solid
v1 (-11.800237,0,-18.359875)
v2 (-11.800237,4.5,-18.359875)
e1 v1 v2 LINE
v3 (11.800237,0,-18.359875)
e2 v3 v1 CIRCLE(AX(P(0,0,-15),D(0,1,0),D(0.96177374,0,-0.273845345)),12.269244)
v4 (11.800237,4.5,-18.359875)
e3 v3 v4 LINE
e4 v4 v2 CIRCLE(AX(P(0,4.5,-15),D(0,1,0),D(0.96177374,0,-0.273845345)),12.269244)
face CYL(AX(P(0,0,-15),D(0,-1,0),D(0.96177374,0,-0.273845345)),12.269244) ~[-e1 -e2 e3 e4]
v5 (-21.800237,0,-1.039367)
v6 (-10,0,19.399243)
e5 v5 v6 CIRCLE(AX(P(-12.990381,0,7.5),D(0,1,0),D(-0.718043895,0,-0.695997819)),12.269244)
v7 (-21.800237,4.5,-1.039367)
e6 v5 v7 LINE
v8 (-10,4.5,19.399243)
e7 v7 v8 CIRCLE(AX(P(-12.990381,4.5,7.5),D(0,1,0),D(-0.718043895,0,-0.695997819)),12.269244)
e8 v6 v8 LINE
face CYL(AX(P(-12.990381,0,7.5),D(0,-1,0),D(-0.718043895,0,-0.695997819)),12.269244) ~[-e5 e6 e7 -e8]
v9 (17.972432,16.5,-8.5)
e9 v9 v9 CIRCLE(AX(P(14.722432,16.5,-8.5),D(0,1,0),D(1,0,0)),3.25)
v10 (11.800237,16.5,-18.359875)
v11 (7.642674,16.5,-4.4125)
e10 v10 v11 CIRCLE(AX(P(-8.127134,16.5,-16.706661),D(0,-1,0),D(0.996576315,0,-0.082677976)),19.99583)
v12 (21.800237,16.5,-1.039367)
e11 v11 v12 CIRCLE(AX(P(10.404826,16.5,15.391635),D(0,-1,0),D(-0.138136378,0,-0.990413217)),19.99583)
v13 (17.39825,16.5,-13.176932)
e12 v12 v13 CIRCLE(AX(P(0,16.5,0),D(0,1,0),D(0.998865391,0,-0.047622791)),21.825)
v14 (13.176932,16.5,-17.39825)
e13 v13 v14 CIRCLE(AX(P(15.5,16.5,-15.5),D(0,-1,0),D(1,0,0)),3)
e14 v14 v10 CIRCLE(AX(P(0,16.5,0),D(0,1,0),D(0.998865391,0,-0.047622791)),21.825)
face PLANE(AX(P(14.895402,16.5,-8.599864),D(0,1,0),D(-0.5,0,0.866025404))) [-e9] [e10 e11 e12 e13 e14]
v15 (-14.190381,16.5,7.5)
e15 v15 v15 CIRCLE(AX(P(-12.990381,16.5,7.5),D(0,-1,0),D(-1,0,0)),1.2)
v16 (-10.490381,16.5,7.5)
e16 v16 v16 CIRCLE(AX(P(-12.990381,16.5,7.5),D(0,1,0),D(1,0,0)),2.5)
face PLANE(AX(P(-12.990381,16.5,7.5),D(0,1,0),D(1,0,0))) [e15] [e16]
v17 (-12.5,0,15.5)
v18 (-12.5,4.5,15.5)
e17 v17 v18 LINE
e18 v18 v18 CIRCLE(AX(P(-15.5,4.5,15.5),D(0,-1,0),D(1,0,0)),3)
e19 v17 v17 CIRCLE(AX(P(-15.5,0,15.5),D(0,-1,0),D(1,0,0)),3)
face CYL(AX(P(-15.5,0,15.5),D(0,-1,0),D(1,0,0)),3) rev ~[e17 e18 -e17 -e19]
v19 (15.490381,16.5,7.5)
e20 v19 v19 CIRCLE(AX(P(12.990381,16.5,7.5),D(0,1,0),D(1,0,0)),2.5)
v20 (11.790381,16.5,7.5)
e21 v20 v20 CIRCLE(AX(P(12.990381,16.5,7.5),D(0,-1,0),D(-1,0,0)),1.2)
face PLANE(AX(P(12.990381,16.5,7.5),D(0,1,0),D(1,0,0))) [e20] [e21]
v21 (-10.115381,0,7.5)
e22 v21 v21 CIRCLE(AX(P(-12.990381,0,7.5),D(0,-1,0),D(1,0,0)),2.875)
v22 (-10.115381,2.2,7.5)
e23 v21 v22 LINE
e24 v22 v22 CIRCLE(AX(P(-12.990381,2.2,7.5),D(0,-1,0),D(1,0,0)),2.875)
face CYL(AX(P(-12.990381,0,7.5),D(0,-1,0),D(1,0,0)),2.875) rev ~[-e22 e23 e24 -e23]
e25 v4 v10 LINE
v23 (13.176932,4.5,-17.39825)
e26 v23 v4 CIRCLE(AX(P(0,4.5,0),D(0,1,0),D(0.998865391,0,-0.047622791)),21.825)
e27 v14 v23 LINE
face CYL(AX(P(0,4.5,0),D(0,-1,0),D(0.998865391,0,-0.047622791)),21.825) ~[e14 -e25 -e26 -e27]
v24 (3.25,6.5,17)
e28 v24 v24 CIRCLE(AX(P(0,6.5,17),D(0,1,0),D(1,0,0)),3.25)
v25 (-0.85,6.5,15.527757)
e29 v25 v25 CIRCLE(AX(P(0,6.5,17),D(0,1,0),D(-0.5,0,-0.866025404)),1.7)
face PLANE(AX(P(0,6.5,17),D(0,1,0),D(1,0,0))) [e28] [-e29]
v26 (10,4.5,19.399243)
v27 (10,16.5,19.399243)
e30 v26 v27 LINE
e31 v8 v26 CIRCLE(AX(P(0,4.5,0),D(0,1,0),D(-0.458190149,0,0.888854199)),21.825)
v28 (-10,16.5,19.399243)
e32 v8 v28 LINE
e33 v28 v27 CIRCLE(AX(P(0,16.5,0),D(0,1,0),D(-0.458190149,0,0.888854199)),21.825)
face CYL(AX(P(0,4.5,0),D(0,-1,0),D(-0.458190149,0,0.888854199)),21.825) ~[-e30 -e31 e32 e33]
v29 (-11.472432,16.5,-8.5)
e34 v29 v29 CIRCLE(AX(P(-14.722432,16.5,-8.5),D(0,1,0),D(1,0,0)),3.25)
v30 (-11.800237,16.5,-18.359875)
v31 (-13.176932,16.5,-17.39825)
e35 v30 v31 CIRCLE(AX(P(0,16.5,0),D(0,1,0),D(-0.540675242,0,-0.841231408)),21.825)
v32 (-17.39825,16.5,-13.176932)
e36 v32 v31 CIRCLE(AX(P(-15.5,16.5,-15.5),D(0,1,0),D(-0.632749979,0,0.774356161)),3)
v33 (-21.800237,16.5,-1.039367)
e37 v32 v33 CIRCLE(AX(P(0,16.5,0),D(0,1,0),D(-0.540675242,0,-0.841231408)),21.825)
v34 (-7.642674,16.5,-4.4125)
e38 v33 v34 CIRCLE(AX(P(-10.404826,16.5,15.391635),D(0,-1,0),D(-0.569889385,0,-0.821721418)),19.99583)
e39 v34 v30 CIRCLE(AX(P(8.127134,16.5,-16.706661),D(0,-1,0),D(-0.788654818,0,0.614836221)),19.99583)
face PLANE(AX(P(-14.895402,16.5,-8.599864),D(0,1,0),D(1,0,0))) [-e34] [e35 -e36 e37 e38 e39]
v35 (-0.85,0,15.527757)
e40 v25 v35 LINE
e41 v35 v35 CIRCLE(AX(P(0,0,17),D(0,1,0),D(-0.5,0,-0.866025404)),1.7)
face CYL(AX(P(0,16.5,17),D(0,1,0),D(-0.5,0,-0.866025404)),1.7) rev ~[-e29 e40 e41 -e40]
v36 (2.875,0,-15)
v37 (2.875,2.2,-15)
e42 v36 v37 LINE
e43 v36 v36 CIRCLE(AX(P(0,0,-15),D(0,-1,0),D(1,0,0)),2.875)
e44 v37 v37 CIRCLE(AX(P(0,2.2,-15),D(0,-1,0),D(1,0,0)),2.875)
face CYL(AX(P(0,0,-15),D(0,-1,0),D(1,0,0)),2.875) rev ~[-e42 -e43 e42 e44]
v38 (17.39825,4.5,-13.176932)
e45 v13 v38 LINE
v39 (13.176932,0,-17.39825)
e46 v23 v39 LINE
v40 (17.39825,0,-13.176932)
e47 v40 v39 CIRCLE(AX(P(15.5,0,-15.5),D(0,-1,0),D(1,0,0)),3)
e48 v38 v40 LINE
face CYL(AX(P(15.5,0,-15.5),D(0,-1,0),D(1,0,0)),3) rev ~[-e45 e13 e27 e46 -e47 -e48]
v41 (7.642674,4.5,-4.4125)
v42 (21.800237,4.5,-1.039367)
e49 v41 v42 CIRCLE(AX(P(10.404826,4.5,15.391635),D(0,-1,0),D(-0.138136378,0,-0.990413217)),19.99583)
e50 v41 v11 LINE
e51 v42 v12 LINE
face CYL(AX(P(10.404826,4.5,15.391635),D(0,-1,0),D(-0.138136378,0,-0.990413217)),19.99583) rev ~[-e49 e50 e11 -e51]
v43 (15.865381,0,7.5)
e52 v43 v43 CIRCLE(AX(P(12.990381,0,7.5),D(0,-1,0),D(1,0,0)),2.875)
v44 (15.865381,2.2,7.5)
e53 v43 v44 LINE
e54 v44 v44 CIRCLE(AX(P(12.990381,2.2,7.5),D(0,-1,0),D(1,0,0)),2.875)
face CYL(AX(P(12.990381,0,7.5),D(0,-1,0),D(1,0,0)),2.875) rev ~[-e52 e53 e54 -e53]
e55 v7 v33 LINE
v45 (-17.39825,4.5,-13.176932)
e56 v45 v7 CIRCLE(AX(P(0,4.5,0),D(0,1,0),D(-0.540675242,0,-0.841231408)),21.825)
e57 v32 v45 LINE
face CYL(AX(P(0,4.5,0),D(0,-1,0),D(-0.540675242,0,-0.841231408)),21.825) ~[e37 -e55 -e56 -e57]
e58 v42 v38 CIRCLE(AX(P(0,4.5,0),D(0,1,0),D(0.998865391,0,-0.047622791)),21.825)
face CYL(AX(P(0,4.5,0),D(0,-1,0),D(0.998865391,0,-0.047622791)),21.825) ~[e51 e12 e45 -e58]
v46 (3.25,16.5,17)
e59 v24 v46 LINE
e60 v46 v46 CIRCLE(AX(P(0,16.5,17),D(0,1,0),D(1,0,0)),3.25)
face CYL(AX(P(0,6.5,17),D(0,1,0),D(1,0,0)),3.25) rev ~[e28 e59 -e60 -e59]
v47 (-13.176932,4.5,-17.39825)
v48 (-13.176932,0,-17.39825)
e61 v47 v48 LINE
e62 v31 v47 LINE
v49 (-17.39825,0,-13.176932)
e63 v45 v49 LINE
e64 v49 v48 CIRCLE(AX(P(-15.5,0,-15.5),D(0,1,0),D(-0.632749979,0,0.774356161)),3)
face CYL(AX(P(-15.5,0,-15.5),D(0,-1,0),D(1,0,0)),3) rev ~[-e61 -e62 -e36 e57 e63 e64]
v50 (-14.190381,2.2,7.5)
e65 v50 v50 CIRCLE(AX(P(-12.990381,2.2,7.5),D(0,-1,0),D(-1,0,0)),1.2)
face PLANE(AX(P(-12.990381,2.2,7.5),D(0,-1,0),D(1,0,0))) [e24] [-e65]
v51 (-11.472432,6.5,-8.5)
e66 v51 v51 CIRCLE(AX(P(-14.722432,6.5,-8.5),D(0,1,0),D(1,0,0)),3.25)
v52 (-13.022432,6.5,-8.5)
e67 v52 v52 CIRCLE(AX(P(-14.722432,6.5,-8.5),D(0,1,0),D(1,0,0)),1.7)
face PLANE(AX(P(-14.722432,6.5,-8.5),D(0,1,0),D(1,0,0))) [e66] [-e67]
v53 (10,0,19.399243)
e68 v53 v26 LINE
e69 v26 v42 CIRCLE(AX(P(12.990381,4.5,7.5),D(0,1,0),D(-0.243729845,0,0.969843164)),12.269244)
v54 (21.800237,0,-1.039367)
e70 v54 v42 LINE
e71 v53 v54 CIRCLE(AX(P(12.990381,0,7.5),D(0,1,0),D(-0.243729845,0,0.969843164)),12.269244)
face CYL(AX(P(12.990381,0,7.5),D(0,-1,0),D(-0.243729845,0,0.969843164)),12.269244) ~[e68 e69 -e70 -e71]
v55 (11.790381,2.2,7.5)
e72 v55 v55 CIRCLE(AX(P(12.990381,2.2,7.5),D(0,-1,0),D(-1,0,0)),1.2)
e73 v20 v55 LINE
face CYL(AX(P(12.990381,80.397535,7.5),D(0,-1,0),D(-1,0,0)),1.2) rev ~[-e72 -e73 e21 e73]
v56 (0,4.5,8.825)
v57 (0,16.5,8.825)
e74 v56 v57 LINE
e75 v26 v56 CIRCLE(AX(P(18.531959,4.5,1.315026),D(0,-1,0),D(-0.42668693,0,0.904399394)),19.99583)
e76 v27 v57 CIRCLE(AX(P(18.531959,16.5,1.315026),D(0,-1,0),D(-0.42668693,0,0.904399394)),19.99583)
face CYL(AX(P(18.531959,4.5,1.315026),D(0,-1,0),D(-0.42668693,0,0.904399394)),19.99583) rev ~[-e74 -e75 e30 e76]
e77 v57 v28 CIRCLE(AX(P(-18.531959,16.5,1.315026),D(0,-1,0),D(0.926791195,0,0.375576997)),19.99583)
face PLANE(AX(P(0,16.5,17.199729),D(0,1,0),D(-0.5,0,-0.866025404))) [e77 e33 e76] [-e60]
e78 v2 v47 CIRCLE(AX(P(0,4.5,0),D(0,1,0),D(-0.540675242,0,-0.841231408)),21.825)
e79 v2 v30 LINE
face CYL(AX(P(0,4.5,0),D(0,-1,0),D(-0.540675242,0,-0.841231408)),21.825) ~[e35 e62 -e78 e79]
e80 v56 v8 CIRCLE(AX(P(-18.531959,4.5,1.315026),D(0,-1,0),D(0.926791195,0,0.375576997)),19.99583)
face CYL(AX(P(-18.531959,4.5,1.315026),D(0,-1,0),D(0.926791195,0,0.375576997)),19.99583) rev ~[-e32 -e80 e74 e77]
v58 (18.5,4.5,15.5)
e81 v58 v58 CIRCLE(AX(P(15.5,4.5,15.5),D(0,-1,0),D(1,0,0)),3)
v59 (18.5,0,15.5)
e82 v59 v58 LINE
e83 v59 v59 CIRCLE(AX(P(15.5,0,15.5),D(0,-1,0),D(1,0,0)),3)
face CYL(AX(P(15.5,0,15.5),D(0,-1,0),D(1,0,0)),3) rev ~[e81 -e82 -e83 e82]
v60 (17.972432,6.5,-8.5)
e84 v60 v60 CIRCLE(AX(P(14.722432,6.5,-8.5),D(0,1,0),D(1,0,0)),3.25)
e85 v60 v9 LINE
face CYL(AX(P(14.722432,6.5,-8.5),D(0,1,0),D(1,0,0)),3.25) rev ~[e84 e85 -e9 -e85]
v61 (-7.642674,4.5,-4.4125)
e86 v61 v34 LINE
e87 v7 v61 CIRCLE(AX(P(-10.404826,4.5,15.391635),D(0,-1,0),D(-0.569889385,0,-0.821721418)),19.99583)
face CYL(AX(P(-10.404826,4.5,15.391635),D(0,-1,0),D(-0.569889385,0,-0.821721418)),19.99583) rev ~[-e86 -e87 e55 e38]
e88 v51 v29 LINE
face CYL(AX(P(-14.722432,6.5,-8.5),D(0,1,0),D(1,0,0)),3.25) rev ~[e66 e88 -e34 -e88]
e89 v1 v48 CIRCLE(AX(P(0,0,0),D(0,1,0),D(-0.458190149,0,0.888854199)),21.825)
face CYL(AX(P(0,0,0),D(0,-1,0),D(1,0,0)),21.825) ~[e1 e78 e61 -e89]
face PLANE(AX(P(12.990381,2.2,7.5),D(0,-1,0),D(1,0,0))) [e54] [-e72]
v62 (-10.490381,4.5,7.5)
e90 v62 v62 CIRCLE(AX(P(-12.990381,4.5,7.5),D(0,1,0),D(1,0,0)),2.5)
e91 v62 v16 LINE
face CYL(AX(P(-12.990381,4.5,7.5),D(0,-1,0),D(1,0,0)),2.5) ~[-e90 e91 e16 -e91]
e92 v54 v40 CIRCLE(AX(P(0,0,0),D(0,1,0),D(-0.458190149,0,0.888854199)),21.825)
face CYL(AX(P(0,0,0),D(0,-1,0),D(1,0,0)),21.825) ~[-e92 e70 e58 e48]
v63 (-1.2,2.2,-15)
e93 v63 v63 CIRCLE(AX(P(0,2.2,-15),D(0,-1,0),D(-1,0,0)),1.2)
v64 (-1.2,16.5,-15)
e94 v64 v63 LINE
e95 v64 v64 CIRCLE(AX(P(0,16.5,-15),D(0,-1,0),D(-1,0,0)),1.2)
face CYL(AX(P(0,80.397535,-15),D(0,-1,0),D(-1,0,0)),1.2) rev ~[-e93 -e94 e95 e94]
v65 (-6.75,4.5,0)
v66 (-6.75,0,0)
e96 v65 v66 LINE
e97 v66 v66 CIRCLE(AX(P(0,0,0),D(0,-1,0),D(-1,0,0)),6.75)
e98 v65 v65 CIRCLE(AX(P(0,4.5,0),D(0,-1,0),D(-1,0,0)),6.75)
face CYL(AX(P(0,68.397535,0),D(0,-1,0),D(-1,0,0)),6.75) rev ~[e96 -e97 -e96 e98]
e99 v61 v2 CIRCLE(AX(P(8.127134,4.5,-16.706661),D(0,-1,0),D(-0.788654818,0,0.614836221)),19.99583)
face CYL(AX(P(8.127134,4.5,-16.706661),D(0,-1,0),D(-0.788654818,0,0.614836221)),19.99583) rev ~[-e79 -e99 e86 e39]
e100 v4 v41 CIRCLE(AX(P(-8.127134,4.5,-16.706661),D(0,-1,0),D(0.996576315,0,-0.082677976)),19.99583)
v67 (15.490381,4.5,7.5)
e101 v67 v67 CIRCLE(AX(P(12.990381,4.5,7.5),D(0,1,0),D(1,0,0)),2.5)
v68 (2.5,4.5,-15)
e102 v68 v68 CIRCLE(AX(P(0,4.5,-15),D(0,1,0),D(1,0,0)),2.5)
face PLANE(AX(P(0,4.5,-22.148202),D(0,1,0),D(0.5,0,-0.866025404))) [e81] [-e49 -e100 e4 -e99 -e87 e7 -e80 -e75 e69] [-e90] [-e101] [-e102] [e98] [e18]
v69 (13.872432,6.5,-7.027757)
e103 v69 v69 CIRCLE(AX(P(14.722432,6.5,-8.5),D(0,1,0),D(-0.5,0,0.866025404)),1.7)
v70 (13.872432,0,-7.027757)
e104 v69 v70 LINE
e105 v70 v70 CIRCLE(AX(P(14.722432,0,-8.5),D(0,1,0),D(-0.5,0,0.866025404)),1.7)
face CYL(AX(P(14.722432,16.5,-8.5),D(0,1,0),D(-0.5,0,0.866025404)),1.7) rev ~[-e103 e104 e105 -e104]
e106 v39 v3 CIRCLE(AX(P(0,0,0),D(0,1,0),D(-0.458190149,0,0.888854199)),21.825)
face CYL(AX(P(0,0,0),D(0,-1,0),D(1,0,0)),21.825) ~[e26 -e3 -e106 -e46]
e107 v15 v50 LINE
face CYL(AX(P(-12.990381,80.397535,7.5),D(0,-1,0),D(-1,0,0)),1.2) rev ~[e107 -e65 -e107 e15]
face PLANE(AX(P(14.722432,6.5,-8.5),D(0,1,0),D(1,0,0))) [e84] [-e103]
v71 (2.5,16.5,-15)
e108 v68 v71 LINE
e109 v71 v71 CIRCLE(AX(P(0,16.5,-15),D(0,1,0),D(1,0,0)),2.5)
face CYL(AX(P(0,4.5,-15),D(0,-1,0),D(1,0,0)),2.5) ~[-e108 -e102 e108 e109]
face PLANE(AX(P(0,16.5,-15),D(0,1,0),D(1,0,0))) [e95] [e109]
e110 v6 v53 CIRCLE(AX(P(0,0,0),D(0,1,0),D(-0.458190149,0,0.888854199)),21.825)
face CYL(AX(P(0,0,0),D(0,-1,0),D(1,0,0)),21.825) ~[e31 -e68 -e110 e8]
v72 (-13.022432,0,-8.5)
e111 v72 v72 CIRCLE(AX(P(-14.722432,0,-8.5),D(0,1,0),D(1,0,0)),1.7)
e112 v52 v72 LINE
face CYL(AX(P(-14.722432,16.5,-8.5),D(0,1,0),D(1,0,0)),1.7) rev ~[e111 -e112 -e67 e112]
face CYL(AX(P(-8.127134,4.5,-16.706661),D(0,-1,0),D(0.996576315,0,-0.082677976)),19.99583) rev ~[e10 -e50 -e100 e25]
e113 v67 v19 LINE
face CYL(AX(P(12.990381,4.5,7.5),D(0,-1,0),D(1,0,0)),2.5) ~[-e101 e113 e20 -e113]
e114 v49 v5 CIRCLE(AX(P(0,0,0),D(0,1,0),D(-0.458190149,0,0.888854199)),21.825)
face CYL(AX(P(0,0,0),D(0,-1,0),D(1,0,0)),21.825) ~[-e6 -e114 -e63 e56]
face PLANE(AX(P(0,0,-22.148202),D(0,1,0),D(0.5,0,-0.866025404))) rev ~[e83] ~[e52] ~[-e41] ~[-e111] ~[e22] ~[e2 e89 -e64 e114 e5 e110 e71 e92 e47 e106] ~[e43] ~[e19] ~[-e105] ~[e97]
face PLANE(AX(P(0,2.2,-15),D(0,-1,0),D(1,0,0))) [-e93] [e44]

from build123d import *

# Parameters (mm, degrees)
CROQUIS1_R                                           = 21.825
SALIENTE_EXTRUIR1_DEPTH                              = 4.5
CROQUIS2_R                                           = 2.5
SALIENTE_EXTRUIR2_DEPTH                              = 12
TALADRO_DE_MARGEN_PARA_M121_D                        = 13.5
SALIENTE_EXTRUIR3_DEPTH                              = 12
CROQUIS8_R                                           = 1.7
CORTAR_EXTRUIR1_DEPTH                                = 16.5
MATRIZC1_COUNT                                       = 3
TALADRO_DE_MARGEN_PARA_M21_D                         = 2.4
SALIENTE_EXTRUIR5_DEPTH                              = 4.5
MATRIZC2_COUNT                                       = 3
CROQUIS12_R                                          = 2.875
CORTAR_EXTRUIR2_DEPTH                                = 2.2
CROQUIS13_R                                          = 3
CORTAR_EXTRUIR3_DEPTH                                = 16.5
REFRENTADO_PARA_TORNILLO_CON_CABEZA_PLAN_D           = 3.4
REFRENTADO_PARA_TORNILLO_CON_CABEZA_PLAN_CBORE_D     = 6.5
REFRENTADO_PARA_TORNILLO_CON_CABEZA_PLAN_CBORE_DEPTH = 10


with BuildPart() as part:
    # Croquis1 → Saliente-Extruir1 (new body)
    with BuildSketch(Plane(origin=(0, 0, 0), x_dir=(1, 0, 0), z_dir=(0, 1, 0))):
        Circle(CROQUIS1_R)
    extrude(amount=SALIENTE_EXTRUIR1_DEPTH)

    # Croquis2 → Saliente-Extruir2 (add)
    with BuildSketch(Plane(origin=(0, 4.5, 0), x_dir=(1, 0, 0), z_dir=(0, 1, 0))):
        with Locations((0, 15)):
            Circle(CROQUIS2_R)
        with Locations((12.990381057, -7.5)):
            Circle(CROQUIS2_R)
        with Locations((-12.990381057, -7.5)):
            Circle(CROQUIS2_R)
    extrude(amount=SALIENTE_EXTRUIR2_DEPTH)

    # Taladro de margen para M121 (through all)
    with Locations(Plane(origin=(0, 4.5, 0), x_dir=(1, 0, 0), z_dir=(0, 1, 0))):
        with Locations((0, 0)):
            Hole(TALADRO_DE_MARGEN_PARA_M121_D / 2)

    # Croquis5 → Saliente-Extruir3 (add)
    with BuildSketch(Plane(origin=(0, 4.5, 0), x_dir=(1, 0, 0), z_dir=(0, 1, 0))):
        with BuildLine():
            ThreePointArc((-7.642674188, 4.4125), (-11.035446071, 10.994501306), (-11.800237164, 18.359875487))
            ThreePointArc((-11.800237164, 18.359875487), (-18.901004438, 10.9125), (-21.800237164, 1.039367411))
            ThreePointArc((-21.800237164, 1.039367411), (-15.039240468, 4.059725986), (-7.642674188, 4.4125))
        make_face()
    saliente_extruir3 = extrude(amount=SALIENTE_EXTRUIR3_DEPTH)

    # Croquis8 → Cortar-Extruir1 (cut)
    with BuildSketch(Plane(origin=(0, 16.5, 0), x_dir=(1, 0, 0), z_dir=(0, 1, 0))):
        with Locations((-14.722431864, 8.5)):
            Circle(CROQUIS8_R)
    cortar_extruir1 = extrude(amount=-CORTAR_EXTRUIR1_DEPTH, mode=Mode.SUBTRACT)

    # MatrizC1: Saliente-Extruir3, Cortar-Extruir1 ×3 about axis
    matrizc1_axis = Axis((0, 0, 0), (0, 1, 0))
    for i in range(1, MATRIZC1_COUNT):
        add(saliente_extruir3.rotate(matrizc1_axis, i * 360 / MATRIZC1_COUNT))
        add(cortar_extruir1.rotate(matrizc1_axis, i * 360 / MATRIZC1_COUNT), mode=Mode.SUBTRACT)

    # Taladro de margen para M21 (through all)
    with Locations(Plane(origin=(0, 16.5, 0), x_dir=(1, 0, 0), z_dir=(0, 1, 0))):
        with Locations((12.990381057, -7.5), (-12.990381057, -7.5), (0, 15)):
            Hole(TALADRO_DE_MARGEN_PARA_M21_D / 2)

    # Croquis11 → Saliente-Extruir5 (add)
    with BuildSketch(Plane.XZ):
        with BuildLine():
            ThreePointArc((-10, 19.399242898), (-18.901004438, 10.9125), (-21.800237164, -1.039367411))
            ThreePointArc((-21.800237164, -1.039367411), (-23.615858472, 13.634622246), (-10, 19.399242898))
        make_face()
    saliente_extruir5 = extrude(amount=-SALIENTE_EXTRUIR5_DEPTH)

    # MatrizC2: Saliente-Extruir5 ×3 about axis
    matrizc2_axis = Axis((0, 0, 0), (0, 1, 0))
    for i in range(1, MATRIZC2_COUNT):
        add(saliente_extruir5.rotate(matrizc2_axis, i * 360 / MATRIZC2_COUNT))

    # Croquis12 → Cortar-Extruir2 (cut)
    with BuildSketch(Plane.XZ):
        with Locations((-12.990381057, 7.5)):
            Circle(CROQUIS12_R)
        with Locations((12.990381057, 7.5)):
            Circle(CROQUIS12_R)
        with Locations((0, -15)):
            Circle(CROQUIS12_R)
    extrude(amount=-CORTAR_EXTRUIR2_DEPTH, mode=Mode.SUBTRACT)

    # Croquis13 → Cortar-Extruir3 (cut)
    with BuildSketch(Plane.XZ):
        with Locations((15.5, -15.5)):
            Circle(CROQUIS13_R)
        with Locations((-15.5, -15.5)):
            Circle(CROQUIS13_R)
        with Locations((-15.5, 15.5)):
            Circle(CROQUIS13_R)
        with Locations((15.5, 15.5)):
            Circle(CROQUIS13_R)
    extrude(amount=-CORTAR_EXTRUIR3_DEPTH, mode=Mode.SUBTRACT)

    # Refrentado para tornillo con cabeza plana de M31 (through all)
    with Locations(Plane(origin=(0, 16.5, 0), x_dir=(1, 0, 0), z_dir=(0, 1, 0))):
        with Locations((-14.722431864, 8.5), (0, -17), (14.722431864, 8.5)):
            CounterBoreHole(REFRENTADO_PARA_TORNILLO_CON_CABEZA_PLAN_D / 2, REFRENTADO_PARA_TORNILLO_CON_CABEZA_PLAN_CBORE_D / 2, REFRENTADO_PARA_TORNILLO_CON_CABEZA_PLAN_CBORE_DEPTH)


solid = part.part
